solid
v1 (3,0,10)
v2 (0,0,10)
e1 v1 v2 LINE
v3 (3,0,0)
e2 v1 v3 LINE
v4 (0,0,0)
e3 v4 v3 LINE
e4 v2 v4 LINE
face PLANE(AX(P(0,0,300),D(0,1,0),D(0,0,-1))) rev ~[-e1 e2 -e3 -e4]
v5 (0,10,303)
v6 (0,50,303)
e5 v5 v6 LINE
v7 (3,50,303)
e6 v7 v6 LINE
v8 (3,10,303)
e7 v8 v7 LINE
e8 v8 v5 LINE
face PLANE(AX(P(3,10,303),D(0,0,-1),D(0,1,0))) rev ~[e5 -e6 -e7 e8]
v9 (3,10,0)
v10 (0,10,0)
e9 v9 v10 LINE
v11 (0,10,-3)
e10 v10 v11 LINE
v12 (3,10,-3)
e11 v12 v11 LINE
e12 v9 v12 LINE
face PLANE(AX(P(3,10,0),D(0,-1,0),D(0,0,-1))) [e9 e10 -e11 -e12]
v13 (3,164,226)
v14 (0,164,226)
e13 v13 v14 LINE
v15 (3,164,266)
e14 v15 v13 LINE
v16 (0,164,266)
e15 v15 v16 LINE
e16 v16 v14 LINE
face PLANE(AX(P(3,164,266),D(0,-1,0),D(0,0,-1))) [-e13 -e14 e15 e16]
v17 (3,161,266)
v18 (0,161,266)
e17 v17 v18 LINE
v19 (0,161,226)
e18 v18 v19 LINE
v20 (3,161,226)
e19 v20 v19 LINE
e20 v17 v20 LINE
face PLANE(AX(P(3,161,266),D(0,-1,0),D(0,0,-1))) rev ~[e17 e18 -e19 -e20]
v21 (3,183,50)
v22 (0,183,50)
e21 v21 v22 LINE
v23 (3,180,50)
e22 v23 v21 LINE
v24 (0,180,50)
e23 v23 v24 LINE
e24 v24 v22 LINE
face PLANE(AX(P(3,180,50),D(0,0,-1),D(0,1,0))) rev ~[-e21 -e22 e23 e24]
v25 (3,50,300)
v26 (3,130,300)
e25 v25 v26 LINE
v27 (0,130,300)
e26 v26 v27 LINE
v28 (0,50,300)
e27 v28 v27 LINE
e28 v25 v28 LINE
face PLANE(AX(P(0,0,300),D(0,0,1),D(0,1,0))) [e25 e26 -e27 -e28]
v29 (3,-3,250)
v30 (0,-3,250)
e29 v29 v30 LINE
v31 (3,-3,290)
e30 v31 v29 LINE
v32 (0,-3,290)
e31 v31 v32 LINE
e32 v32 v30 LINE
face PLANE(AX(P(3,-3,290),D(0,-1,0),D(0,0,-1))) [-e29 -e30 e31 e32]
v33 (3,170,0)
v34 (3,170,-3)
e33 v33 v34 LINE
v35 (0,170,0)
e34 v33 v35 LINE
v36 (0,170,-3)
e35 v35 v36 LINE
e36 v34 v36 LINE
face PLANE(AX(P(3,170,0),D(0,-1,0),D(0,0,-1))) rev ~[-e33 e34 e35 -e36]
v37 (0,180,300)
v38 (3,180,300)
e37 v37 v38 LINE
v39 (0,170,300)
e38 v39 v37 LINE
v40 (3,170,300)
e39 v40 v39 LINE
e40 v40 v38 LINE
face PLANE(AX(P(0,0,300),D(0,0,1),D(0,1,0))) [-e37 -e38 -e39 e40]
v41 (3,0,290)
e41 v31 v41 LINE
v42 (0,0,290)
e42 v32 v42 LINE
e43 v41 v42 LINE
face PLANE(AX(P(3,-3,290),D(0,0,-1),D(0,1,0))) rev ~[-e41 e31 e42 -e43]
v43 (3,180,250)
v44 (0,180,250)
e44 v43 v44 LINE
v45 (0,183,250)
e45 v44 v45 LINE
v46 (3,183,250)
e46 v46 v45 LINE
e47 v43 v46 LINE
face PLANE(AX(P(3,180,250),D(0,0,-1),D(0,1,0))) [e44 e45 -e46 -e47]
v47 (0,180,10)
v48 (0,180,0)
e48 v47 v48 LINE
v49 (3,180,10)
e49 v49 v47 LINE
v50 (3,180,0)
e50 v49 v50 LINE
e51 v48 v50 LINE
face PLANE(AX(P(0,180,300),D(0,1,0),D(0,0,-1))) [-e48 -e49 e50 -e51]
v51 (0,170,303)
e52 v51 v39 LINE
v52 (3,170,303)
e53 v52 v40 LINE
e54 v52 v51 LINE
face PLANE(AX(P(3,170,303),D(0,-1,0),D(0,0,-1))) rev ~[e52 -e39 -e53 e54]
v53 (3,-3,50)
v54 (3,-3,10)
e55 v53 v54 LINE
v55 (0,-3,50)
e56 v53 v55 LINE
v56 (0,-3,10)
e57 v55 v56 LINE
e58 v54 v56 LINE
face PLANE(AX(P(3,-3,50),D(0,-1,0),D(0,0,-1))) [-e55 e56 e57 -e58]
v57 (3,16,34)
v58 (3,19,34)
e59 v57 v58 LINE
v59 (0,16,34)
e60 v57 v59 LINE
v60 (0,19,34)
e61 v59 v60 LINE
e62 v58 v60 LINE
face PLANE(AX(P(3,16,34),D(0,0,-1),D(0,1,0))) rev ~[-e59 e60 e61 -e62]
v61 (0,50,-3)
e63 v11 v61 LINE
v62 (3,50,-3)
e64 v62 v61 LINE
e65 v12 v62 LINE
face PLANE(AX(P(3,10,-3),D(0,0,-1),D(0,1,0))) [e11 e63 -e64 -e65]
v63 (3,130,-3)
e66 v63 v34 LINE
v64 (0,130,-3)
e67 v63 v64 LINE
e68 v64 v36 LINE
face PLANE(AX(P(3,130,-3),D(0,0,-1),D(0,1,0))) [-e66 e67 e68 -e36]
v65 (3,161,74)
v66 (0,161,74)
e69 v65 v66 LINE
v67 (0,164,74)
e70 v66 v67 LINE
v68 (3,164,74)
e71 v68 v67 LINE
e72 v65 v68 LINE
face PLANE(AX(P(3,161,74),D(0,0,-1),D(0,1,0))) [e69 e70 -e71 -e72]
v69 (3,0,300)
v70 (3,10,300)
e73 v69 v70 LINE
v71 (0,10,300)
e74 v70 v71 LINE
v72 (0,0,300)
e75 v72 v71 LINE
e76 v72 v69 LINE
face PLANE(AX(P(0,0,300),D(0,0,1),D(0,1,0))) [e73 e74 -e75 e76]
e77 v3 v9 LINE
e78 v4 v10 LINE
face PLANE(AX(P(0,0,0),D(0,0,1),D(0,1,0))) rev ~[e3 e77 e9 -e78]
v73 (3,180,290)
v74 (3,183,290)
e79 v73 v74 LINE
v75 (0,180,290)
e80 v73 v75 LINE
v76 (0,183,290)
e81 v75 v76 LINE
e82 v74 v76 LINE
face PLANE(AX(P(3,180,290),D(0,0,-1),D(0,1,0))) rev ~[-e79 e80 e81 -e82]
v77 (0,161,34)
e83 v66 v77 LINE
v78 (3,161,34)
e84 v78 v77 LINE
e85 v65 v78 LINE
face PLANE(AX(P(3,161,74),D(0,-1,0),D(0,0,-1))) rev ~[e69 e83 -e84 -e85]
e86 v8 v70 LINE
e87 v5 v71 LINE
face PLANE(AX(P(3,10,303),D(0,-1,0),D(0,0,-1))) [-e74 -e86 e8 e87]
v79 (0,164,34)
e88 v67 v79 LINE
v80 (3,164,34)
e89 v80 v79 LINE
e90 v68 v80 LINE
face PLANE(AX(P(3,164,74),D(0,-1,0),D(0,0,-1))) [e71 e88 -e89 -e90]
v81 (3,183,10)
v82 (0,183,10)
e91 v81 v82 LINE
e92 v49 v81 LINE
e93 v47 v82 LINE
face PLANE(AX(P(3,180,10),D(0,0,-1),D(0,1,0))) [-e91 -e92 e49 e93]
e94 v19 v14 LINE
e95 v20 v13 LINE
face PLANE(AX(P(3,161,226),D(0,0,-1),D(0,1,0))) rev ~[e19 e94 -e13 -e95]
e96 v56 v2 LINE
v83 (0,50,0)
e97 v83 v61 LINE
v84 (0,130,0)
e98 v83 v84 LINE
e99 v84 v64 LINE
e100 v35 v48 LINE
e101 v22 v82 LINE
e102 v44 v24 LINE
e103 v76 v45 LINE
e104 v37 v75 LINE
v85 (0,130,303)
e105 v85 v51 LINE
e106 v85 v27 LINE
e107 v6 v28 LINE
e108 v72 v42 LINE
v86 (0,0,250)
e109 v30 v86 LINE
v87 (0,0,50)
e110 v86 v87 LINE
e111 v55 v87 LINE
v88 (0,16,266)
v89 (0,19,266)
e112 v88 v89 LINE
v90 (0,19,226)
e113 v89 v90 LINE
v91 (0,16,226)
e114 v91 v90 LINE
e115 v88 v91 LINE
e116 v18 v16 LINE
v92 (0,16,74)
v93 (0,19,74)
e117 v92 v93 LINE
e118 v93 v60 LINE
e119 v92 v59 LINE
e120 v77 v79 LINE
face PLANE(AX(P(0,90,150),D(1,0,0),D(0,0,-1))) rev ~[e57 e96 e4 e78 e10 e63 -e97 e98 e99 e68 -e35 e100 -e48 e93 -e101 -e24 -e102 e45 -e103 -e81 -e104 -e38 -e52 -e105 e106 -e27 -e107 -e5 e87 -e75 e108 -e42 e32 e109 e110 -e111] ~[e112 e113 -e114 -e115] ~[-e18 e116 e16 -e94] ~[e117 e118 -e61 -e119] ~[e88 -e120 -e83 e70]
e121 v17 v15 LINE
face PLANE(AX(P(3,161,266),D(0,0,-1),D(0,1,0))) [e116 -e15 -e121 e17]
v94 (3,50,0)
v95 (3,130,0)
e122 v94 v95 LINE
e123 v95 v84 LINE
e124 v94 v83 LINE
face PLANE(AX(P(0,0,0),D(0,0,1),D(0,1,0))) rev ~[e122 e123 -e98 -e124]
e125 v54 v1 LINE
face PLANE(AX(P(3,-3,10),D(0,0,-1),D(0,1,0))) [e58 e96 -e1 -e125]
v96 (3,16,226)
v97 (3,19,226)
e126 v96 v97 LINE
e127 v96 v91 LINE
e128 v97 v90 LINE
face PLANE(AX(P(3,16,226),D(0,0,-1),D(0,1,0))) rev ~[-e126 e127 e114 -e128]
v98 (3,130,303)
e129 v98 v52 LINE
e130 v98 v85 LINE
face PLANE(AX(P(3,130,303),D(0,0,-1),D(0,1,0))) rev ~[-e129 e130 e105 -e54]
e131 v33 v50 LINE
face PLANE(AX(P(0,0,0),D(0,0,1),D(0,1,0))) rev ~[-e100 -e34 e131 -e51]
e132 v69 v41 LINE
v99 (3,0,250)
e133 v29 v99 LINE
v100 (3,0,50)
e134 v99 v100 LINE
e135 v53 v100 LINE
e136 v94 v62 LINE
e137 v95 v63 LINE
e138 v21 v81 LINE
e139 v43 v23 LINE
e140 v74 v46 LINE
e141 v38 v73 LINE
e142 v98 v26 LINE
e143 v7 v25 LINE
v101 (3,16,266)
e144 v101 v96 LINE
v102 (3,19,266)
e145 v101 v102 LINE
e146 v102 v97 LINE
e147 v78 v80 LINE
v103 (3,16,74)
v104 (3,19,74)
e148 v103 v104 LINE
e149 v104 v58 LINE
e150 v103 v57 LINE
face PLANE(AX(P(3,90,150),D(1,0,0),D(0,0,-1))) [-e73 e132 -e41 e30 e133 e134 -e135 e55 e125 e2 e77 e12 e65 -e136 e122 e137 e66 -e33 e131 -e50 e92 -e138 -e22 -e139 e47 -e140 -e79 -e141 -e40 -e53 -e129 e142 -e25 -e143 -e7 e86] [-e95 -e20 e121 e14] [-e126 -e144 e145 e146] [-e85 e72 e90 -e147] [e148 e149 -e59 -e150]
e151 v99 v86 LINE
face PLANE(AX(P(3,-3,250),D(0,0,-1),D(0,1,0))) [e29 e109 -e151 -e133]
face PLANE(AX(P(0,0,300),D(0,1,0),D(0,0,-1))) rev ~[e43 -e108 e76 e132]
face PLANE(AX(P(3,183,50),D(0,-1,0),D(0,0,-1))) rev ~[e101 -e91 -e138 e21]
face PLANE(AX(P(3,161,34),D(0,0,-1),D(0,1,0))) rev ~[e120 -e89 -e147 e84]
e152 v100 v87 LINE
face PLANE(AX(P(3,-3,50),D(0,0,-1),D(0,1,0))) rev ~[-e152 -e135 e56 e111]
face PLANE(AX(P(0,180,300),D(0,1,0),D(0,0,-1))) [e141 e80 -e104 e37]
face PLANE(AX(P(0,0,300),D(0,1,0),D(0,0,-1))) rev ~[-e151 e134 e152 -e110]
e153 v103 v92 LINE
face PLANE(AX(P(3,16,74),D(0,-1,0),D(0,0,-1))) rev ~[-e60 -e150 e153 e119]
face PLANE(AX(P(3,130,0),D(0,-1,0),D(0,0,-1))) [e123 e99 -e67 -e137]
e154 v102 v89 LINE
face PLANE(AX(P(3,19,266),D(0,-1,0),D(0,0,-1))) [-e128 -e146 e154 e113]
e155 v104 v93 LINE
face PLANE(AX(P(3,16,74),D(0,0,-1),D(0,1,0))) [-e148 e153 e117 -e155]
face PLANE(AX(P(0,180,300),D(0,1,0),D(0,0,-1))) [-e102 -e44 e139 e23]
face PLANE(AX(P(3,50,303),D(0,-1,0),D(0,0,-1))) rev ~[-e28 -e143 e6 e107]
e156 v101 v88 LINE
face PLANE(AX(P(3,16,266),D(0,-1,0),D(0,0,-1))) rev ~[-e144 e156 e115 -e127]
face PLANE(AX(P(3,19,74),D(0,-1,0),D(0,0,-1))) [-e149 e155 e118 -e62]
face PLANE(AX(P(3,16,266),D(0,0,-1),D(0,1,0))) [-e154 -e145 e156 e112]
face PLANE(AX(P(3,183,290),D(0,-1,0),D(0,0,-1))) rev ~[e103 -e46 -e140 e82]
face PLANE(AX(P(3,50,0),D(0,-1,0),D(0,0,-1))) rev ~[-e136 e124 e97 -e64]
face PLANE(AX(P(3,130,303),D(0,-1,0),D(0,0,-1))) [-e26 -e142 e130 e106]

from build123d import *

# Parameters (mm, degrees)
SKETCH1_W           = 300
SKETCH1_H           = 180
BOSS_EXTRUDE1_DEPTH = 3
SKETCH2_W           = 40
SKETCH2_H           = 3
SKETCH2_W_2         = 3
SKETCH2_H_2         = 40
BOSS_EXTRUDE2_DEPTH = 3
SKETCH3_W           = 40
SKETCH3_H           = 3
CUT_EXTRUDE1_DEPTH  = 354.987287907
SKETCH4_W           = 40
SKETCH4_H           = 3
CUT_EXTRUDE2_DEPTH  = 3
SKETCH5_W           = 40
SKETCH5_H           = 3
CUT_EXTRUDE3_DEPTH  = 3
SKETCH6_W           = 40
SKETCH6_H           = 3
CUT_EXTRUDE4_DEPTH  = 3


with BuildPart() as part:
    # Sketch1 → Boss-Extrude1 (new body)
    with BuildSketch(Plane(origin=(0, 0, 0), x_dir=(0, 0, -1), z_dir=(1, 0, 0))):
        with Locations((-150, 90)):
            Rectangle(SKETCH1_W, SKETCH1_H)
    extrude(amount=BOSS_EXTRUDE1_DEPTH)

    # Sketch2 → Boss-Extrude2 (add)
    with BuildSketch(Plane(origin=(3, 0, 0), x_dir=(0, 0, -1), z_dir=(1, 0, 0))):
        with Locations((-270, 181.5)):
            Rectangle(SKETCH2_W, SKETCH2_H)
        with Locations((-30, 181.5)):
            Rectangle(SKETCH2_W, SKETCH2_H)
        with Locations((1.5, 150)):
            Rectangle(SKETCH2_W_2, SKETCH2_H_2)
        with Locations((1.5, 30)):
            Rectangle(SKETCH2_W_2, SKETCH2_H_2)
        with Locations((-30, -1.5)):
            Rectangle(SKETCH2_W, SKETCH2_H)
        with Locations((-270, -1.5)):
            Rectangle(SKETCH2_W, SKETCH2_H)
        with Locations((-301.5, 150)):
            Rectangle(SKETCH2_W_2, SKETCH2_H_2)
        with Locations((-301.5, 30)):
            Rectangle(SKETCH2_W_2, SKETCH2_H_2)
    extrude(amount=-BOSS_EXTRUDE2_DEPTH)

    # Sketch3 → Cut-Extrude1 (cut, through all)
    with BuildSketch(Plane(origin=(3, 0, 0), x_dir=(0, 0, -1), z_dir=(1, 0, 0))):
        with Locations((-246, 162.5)):
            Rectangle(SKETCH3_W, SKETCH3_H)
    extrude(amount=-CUT_EXTRUDE1_DEPTH, mode=Mode.SUBTRACT)

    # Sketch4 → Cut-Extrude2 (cut)
    with BuildSketch(Plane(origin=(3, 0, 0), x_dir=(0, 0, -1), z_dir=(1, 0, 0))):
        with Locations((-54, 162.5)):
            Rectangle(SKETCH4_W, SKETCH4_H)
    extrude(amount=-CUT_EXTRUDE2_DEPTH, mode=Mode.SUBTRACT)

    # Sketch5 → Cut-Extrude3 (cut)
    with BuildSketch(Plane(origin=(3, 0, 0), x_dir=(0, 0, -1), z_dir=(1, 0, 0))):
        with Locations((-246, 17.5)):
            Rectangle(SKETCH5_W, SKETCH5_H)
    extrude(amount=-CUT_EXTRUDE3_DEPTH, mode=Mode.SUBTRACT)

    # Sketch6 → Cut-Extrude4 (cut)
    with BuildSketch(Plane(origin=(3, 0, 0), x_dir=(0, 0, -1), z_dir=(1, 0, 0))):
        with Locations((-54, 17.5)):
            Rectangle(SKETCH6_W, SKETCH6_H)
    extrude(amount=-CUT_EXTRUDE4_DEPTH, mode=Mode.SUBTRACT)


solid = part.part
